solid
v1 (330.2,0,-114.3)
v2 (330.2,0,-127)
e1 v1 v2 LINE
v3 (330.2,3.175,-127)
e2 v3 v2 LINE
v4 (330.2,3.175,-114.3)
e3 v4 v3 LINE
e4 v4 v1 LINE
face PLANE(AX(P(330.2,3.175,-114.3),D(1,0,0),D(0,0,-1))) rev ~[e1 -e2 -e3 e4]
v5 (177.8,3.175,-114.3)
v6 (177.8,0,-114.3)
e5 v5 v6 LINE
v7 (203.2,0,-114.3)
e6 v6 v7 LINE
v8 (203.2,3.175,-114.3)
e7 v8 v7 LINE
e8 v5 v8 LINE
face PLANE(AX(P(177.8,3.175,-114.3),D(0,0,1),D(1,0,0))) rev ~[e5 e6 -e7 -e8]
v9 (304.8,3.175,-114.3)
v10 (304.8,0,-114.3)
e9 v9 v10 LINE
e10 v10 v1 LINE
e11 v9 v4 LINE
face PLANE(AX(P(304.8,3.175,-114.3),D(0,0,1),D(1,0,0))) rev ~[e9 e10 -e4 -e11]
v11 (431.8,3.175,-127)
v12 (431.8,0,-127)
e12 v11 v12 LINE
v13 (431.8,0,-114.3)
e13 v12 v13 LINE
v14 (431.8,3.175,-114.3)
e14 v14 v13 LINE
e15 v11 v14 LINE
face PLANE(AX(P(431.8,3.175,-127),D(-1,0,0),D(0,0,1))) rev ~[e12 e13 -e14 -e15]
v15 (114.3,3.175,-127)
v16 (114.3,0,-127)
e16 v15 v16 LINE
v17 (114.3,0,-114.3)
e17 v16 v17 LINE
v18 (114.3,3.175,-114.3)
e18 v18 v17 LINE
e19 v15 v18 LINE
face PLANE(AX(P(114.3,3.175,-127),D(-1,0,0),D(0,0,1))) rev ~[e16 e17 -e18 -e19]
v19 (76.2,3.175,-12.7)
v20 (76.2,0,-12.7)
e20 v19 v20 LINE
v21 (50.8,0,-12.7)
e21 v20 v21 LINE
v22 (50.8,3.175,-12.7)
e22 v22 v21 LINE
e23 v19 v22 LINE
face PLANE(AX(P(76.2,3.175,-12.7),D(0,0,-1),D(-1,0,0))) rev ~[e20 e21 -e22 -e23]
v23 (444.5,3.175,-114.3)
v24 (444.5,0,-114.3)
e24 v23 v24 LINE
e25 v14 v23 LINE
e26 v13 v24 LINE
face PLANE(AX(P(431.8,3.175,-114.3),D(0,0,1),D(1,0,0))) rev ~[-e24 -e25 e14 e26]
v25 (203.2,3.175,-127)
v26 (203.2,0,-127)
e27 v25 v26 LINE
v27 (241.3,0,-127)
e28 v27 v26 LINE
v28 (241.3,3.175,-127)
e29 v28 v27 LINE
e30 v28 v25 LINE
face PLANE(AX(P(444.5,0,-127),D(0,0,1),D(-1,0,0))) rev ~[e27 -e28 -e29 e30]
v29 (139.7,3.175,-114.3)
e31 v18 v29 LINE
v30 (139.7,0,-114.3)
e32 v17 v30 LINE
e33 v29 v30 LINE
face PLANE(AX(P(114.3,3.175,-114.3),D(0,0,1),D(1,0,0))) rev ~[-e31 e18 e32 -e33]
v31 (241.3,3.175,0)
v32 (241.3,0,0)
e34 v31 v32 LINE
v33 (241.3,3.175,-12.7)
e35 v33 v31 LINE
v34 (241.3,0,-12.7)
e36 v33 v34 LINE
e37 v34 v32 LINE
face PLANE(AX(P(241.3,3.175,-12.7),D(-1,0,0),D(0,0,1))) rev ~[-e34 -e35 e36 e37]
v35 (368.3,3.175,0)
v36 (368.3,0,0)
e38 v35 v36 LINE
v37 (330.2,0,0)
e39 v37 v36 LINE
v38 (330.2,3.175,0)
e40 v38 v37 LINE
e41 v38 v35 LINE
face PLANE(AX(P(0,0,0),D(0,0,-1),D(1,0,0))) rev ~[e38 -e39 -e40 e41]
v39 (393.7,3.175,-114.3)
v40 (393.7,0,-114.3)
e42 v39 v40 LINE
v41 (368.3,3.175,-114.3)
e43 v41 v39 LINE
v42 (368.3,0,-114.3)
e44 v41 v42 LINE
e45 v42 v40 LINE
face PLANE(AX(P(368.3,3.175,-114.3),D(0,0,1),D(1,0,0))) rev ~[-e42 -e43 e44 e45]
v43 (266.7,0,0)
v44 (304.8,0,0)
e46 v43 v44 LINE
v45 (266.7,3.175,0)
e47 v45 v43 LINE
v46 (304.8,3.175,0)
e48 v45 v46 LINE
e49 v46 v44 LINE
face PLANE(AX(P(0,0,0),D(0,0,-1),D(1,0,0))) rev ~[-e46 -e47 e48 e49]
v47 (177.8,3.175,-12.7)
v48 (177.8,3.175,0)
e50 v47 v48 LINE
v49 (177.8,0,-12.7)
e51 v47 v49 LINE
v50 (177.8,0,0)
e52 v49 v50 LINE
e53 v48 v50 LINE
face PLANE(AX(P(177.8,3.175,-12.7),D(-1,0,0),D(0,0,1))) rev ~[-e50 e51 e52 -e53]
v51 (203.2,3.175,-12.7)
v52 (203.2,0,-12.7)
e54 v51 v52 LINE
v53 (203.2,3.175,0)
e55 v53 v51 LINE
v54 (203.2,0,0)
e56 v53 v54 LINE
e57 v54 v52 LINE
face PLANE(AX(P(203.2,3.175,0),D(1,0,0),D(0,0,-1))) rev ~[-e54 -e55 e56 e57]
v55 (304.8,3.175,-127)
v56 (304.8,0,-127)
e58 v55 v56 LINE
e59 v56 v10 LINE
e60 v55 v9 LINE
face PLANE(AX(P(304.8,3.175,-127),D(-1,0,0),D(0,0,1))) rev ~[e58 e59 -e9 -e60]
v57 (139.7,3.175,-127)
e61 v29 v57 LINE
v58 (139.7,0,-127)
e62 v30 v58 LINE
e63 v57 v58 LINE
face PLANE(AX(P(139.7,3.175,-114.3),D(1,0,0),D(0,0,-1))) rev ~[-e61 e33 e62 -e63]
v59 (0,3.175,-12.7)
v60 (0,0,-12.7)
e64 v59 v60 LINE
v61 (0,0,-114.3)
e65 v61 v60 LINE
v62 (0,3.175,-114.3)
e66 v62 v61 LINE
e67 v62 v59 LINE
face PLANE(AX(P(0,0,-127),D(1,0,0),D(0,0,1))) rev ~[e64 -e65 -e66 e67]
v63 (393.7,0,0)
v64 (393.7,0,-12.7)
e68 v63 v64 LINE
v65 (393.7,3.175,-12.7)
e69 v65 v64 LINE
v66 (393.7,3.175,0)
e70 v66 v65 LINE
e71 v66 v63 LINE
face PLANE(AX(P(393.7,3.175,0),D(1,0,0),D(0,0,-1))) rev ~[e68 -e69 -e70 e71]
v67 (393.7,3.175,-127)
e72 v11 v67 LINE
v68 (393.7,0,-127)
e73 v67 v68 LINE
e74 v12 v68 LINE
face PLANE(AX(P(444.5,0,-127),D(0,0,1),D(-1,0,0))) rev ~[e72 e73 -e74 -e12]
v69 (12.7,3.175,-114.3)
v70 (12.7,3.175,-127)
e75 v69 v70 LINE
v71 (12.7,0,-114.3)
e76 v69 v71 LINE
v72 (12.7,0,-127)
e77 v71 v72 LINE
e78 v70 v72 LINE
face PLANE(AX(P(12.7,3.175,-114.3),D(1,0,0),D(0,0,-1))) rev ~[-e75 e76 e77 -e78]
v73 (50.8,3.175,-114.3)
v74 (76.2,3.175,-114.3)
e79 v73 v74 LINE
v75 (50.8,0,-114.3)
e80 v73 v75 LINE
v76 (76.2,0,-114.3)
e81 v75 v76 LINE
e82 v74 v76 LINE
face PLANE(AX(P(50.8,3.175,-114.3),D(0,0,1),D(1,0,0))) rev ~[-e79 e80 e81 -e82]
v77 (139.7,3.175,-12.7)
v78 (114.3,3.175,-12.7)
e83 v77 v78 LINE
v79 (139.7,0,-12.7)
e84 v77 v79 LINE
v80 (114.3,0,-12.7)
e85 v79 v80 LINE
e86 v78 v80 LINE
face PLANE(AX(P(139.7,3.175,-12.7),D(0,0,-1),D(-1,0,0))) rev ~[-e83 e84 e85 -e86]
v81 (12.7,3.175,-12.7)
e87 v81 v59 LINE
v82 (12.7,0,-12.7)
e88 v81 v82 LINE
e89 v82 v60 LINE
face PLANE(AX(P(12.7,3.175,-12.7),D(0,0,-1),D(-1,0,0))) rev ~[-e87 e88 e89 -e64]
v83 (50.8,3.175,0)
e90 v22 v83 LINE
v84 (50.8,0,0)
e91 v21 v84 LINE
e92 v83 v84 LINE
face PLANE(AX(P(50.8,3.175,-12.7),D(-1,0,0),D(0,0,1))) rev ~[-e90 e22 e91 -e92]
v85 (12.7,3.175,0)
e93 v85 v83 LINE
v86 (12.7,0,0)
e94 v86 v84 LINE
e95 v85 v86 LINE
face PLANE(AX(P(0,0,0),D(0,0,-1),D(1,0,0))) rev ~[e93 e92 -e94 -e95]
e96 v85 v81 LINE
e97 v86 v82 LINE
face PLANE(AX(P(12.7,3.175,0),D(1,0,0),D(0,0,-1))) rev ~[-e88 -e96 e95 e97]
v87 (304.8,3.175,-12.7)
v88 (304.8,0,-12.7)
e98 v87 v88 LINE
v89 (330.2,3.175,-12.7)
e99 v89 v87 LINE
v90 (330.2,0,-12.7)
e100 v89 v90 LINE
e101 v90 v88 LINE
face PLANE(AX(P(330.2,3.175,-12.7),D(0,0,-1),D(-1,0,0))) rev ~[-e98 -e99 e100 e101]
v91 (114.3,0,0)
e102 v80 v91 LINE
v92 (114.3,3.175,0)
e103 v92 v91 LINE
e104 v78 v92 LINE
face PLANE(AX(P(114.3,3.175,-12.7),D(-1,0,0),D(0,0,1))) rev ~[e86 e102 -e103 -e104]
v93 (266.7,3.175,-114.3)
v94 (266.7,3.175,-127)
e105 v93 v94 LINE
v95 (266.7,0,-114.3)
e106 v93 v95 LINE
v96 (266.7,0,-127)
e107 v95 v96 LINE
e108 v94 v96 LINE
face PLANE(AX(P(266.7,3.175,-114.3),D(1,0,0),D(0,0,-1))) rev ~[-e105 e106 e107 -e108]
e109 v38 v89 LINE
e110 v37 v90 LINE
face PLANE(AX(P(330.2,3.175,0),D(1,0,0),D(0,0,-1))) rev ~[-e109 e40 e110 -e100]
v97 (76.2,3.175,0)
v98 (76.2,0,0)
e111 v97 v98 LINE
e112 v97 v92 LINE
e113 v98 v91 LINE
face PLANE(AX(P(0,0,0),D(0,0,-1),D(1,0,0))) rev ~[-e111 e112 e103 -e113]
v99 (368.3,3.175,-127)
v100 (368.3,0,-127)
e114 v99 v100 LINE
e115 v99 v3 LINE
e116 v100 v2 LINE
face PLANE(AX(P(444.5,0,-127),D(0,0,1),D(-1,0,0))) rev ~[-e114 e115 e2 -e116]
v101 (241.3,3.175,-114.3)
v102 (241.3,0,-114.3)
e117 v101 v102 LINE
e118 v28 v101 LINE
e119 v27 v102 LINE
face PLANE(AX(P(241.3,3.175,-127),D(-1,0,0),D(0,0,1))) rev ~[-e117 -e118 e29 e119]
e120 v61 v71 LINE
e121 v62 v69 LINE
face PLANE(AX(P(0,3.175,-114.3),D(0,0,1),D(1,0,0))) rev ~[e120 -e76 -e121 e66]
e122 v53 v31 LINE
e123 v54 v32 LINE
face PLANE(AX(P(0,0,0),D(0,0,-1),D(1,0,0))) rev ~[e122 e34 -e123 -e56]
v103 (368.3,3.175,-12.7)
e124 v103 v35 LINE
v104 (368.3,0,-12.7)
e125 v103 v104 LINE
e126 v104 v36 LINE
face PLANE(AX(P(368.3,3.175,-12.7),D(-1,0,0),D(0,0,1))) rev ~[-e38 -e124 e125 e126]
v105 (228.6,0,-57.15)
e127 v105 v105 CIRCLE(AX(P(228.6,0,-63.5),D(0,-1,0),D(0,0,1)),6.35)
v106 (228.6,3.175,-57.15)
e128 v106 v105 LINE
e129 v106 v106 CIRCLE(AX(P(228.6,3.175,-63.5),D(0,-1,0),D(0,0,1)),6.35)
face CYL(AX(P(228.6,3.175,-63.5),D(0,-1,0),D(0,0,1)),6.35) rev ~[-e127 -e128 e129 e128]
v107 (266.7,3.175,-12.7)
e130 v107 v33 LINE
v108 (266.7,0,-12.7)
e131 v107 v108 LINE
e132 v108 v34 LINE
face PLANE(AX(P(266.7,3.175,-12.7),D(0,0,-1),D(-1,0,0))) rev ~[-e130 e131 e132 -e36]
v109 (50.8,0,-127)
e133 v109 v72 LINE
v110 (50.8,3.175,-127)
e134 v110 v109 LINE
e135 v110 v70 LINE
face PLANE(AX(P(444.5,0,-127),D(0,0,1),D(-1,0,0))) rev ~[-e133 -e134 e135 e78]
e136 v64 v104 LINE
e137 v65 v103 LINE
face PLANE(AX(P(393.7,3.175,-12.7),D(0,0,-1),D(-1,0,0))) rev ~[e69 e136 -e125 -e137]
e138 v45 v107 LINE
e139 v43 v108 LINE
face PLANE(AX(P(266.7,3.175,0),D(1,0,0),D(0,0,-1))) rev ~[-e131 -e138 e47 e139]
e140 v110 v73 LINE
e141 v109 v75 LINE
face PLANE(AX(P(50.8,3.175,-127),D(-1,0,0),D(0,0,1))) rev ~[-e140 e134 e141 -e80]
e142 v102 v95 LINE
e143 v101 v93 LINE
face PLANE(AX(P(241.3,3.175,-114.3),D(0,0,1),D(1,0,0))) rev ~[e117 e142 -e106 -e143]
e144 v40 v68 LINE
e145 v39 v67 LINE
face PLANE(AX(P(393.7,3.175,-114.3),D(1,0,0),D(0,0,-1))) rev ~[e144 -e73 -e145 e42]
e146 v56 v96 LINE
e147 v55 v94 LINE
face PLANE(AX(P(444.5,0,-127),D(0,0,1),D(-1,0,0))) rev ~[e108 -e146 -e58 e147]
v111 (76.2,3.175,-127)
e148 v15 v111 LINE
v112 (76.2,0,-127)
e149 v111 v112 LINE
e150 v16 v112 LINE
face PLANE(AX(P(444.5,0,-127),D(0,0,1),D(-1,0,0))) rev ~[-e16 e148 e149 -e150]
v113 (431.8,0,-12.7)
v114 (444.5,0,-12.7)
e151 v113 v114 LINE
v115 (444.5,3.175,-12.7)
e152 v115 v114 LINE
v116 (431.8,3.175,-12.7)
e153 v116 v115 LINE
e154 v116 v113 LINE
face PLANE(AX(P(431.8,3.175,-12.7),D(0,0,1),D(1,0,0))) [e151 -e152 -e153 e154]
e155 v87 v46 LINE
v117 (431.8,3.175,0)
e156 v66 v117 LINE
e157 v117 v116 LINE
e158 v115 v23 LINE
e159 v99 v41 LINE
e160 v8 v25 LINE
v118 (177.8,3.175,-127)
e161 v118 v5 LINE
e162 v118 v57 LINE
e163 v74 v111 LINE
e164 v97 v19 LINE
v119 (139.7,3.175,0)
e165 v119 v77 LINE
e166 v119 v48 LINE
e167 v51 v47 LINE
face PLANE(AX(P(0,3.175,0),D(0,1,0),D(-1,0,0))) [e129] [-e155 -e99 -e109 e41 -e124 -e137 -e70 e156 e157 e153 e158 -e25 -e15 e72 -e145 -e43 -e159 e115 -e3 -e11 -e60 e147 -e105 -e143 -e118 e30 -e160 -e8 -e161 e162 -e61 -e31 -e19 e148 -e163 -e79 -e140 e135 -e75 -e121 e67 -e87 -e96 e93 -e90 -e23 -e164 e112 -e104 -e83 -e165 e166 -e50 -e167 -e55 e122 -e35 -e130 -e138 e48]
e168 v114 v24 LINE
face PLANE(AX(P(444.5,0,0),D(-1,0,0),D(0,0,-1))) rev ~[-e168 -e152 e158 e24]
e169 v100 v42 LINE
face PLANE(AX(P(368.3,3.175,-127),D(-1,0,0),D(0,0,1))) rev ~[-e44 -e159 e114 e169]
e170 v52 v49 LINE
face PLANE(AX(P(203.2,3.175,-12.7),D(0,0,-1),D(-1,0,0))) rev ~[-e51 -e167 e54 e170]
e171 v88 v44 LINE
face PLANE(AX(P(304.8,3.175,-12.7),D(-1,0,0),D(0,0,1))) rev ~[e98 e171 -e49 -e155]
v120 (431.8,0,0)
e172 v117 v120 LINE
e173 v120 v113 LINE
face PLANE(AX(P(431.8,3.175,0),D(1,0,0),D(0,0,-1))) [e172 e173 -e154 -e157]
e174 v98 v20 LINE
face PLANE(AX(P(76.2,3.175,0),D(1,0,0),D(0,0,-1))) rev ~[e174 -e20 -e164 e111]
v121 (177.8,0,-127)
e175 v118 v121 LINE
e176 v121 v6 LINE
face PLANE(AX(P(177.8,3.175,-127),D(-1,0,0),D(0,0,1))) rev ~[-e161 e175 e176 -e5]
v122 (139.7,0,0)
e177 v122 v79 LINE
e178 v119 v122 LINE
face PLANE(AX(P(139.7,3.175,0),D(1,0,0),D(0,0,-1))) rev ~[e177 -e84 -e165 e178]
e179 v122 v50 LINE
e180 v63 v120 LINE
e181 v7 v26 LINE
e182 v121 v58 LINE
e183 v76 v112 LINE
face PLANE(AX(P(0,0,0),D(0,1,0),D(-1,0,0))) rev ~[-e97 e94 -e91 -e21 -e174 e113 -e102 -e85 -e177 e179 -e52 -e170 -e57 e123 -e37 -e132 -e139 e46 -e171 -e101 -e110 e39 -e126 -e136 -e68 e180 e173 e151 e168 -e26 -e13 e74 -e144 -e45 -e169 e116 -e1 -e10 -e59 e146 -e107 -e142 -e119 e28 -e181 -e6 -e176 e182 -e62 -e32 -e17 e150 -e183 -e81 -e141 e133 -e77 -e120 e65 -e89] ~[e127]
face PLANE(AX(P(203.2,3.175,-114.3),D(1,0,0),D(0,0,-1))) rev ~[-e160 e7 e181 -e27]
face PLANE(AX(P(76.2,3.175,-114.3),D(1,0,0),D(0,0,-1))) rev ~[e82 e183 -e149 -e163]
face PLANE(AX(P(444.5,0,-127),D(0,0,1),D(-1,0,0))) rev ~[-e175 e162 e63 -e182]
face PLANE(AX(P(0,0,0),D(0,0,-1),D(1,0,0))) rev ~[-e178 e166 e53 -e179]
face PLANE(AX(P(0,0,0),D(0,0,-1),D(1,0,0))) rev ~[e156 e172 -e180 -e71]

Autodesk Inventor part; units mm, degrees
ref_plane "YZ Plane" through (0, 0, 0) normal (1, 0, 0) x (0, 1, 0)
ref_plane "XZ Plane" through (0, 0, 0) normal (0, 1, 0) x (-1, 0, 0)
ref_plane "XY Plane" through (0, 0, 0) normal (0, 0, 1) x (1, 0, 0)
sketch "Sketch1" plane through (0, 0, 0) normal (0, 1, 0) x (-1, 0, 0)
  line L0 (0, 0) -> (-444.5, 0)
  line L1 (-444.5, 0) -> (-444.5, -127)
  line L2 (-444.5, -127) -> (0, -127)
  line L3 (0, -127) -> (0, 0)
  dimension "d0" = 444.5
  dimension "d1" = 127
extrude "Extrusion1" add sketch "Sketch1" along normal blind 3.175
sketch "Sketch2" plane through (0, 3.175, 0) normal (0, 1, 0) x (1, 0, 0)
  line L0 (0, 127) -> (0, 0) projected
  line L1 (0, 114.3) -> (12.7, 114.3)
  line L2 (12.7, 114.3) -> (12.7, 127)
  line L3 (444.5, 127) -> (0, 127) projected
  line L4 (50.8, 127) -> (50.8, 114.3)
  line L5 (50.8, 114.3) -> (76.2, 114.3)
  line L6 (76.2, 114.3) -> (76.2, 127)
  line L7 (114.3, 127) -> (114.3, 114.3)
  line L8 (114.3, 114.3) -> (139.7, 114.3)
  line L9 (139.7, 114.3) -> (139.7, 127)
  line L10 (177.8, 127) -> (177.8, 114.3)
  line L11 (177.8, 114.3) -> (203.2, 114.3)
  line L12 (203.2, 114.3) -> (203.2, 127)
  line L13 (241.3, 127) -> (241.3, 114.3)
  line L14 (241.3, 114.3) -> (266.7, 114.3)
  line L15 (266.7, 114.3) -> (266.7, 127)
  line L16 (304.8, 127) -> (304.8, 114.3)
  line L17 (304.8, 114.3) -> (330.2, 114.3)
  line L18 (330.2, 114.3) -> (330.2, 127)
  line L19 (368.3, 127) -> (368.3, 114.3)
  line L20 (368.3, 114.3) -> (393.7, 114.3)
  line L21 (393.7, 114.3) -> (393.7, 127)
  line L22 (431.8, 127) -> (431.8, 114.3)
  line L23 (431.8, 114.3) -> (444.5, 114.3)
  line L24 (444.5, 0) -> (444.5, 127) projected
  line L25 (0, 114.3) -> (0, 127)
  line L26 (50.8, 127) -> (76.2, 127)
  line L27 (114.3, 127) -> (139.7, 127)
  line L28 (177.8, 127) -> (203.2, 127)
  line L29 (241.3, 127) -> (266.7, 127)
  line L30 (304.8, 127) -> (330.2, 127)
  line L31 (368.3, 127) -> (393.7, 127)
  line L32 (431.8, 127) -> (444.5, 127)
  line L33 (0, 127) -> (12.7, 127)
  point P0 (444.5, 114.3)
  point P1 (12.7, 127)
  dimension "d4" = 12.7
  dimension "d6" = 12.7
  dimension "d7" = 12.7
  dimension "d8" = 12.7
  dimension "d9" = 25.4
  dimension "d10" = 38.1
  dimension "d11" = 25.4
  dimension "d12" = 38.1
  dimension "d13" = 25.4
  dimension "d14" = 38.1
  dimension "d15" = 25.4
  dimension "d16" = 38.1
  dimension "d17" = 25.4
  dimension "d18" = 38.1
  dimension "d19" = 25.4
  dimension "d20" = 38.1
  dimension "d22" = 0
  dimension "d42" = 12.7
  dimension "d53" = 38.1
extrude "Extrusion2" cut sketch "Sketch2" against normal through all
sketch "Sketch3" plane through (0, 3.175, 0) normal (0, 1, 0) x (1, 0, 0)
  line L0 (0, 0) -> (444.5, 0) projected
  line L1 (0, 0) -> (12.7, 0)
  line L2 (12.7, 0) -> (12.7, 12.7)
  line L3 (12.7, 12.7) -> (0, 12.7)
  line L4 (0, 12.7) -> (0, 0)
  line L5 (50.8, 0) -> (76.2, 0)
  line L6 (76.2, 0) -> (76.2, 12.7)
  line L7 (76.2, 12.7) -> (50.8, 12.7)
  line L8 (50.8, 12.7) -> (50.8, 0)
  line L9 (114.3, 0) -> (139.7, 0)
  line L10 (139.7, 0) -> (139.7, 12.7)
  line L11 (139.7, 12.7) -> (114.3, 12.7)
  line L12 (114.3, 12.7) -> (114.3, 0)
  line L13 (177.8, 0) -> (203.2, 0)
  line L14 (203.2, 0) -> (203.2, 12.7)
  line L15 (203.2, 12.7) -> (177.8, 12.7)
  line L16 (177.8, 12.7) -> (177.8, 0)
  line L17 (241.3, 0) -> (266.7, 0)
  line L18 (266.7, 0) -> (266.7, 12.7)
  line L19 (266.7, 12.7) -> (241.3, 12.7)
  line L20 (241.3, 12.7) -> (241.3, 0)
  line L21 (304.8, 0) -> (330.2, 0)
  line L22 (330.2, 0) -> (330.2, 12.7)
  line L23 (330.2, 12.7) -> (304.8, 12.7)
  line L24 (304.8, 12.7) -> (304.8, 0)
  line L25 (368.3, 0) -> (393.7, 0)
  line L26 (393.7, 0) -> (393.7, 12.7)
  line L27 (393.7, 12.7) -> (368.3, 12.7)
  line L28 (368.3, 12.7) -> (368.3, 0)
  line L29 (444.5, 0) -> (444.5, 114.3) projected
  line L30 (444.5, 0) -> (431.8, 0)
  line L31 (431.8, 0) -> (431.8, 12.7)
  line L32 (431.8, 12.7) -> (444.5, 12.7)
  line L33 (444.5, 12.7) -> (444.5, 0)
  point P0 (431.8, 0)
  point P1 (393.7, 0)
  point P2 (330.2, 0)
  point P3 (266.7, 0)
  point P4 (203.2, 0)
  point P5 (139.7, 0)
  point P6 (50.8, 0)
  point P7 (76.2, 0)
  point P8 (12.7, 0)
  dimension "d25" = 12.7
  dimension "d26" = 12.7
  dimension "d27" = 25.4
  dimension "d28" = 38.1
  dimension "d29" = 25.4
  dimension "d30" = 25.4
  dimension "d31" = 25.4
  dimension "d32" = 25.4
  dimension "d33" = 25.4
  dimension "d34" = 12.7
  dimension "d35" = 38.1
  dimension "d36" = 38.1
  dimension "d37" = 38.1
  dimension "d38" = 38.1
  dimension "d39" = 38.1
extrude "Extrusion3" cut sketch "Sketch3" against normal through all
sketch "Sketch4" plane through (0, 3.175, 0) normal (0, 1, 0) x (1, 0, 0)
  circle A0 centre (228.6, 63.5) radius 6.35
  line L0 (0, 114.3) -> (0, 12.7) projected
  line L1 (241.3, 127) -> (203.2, 127) projected
  point P0 (0, 0)
  dimension "d43" = 12.7
  dimension "d44" = 228.6
  dimension "d45" = 63.5
hole "Hole1" at (228.6, 3.175, -63.5) direction (0, -1, 0) diameter 12.7 end through all
properties part number "BridgeBottom"
